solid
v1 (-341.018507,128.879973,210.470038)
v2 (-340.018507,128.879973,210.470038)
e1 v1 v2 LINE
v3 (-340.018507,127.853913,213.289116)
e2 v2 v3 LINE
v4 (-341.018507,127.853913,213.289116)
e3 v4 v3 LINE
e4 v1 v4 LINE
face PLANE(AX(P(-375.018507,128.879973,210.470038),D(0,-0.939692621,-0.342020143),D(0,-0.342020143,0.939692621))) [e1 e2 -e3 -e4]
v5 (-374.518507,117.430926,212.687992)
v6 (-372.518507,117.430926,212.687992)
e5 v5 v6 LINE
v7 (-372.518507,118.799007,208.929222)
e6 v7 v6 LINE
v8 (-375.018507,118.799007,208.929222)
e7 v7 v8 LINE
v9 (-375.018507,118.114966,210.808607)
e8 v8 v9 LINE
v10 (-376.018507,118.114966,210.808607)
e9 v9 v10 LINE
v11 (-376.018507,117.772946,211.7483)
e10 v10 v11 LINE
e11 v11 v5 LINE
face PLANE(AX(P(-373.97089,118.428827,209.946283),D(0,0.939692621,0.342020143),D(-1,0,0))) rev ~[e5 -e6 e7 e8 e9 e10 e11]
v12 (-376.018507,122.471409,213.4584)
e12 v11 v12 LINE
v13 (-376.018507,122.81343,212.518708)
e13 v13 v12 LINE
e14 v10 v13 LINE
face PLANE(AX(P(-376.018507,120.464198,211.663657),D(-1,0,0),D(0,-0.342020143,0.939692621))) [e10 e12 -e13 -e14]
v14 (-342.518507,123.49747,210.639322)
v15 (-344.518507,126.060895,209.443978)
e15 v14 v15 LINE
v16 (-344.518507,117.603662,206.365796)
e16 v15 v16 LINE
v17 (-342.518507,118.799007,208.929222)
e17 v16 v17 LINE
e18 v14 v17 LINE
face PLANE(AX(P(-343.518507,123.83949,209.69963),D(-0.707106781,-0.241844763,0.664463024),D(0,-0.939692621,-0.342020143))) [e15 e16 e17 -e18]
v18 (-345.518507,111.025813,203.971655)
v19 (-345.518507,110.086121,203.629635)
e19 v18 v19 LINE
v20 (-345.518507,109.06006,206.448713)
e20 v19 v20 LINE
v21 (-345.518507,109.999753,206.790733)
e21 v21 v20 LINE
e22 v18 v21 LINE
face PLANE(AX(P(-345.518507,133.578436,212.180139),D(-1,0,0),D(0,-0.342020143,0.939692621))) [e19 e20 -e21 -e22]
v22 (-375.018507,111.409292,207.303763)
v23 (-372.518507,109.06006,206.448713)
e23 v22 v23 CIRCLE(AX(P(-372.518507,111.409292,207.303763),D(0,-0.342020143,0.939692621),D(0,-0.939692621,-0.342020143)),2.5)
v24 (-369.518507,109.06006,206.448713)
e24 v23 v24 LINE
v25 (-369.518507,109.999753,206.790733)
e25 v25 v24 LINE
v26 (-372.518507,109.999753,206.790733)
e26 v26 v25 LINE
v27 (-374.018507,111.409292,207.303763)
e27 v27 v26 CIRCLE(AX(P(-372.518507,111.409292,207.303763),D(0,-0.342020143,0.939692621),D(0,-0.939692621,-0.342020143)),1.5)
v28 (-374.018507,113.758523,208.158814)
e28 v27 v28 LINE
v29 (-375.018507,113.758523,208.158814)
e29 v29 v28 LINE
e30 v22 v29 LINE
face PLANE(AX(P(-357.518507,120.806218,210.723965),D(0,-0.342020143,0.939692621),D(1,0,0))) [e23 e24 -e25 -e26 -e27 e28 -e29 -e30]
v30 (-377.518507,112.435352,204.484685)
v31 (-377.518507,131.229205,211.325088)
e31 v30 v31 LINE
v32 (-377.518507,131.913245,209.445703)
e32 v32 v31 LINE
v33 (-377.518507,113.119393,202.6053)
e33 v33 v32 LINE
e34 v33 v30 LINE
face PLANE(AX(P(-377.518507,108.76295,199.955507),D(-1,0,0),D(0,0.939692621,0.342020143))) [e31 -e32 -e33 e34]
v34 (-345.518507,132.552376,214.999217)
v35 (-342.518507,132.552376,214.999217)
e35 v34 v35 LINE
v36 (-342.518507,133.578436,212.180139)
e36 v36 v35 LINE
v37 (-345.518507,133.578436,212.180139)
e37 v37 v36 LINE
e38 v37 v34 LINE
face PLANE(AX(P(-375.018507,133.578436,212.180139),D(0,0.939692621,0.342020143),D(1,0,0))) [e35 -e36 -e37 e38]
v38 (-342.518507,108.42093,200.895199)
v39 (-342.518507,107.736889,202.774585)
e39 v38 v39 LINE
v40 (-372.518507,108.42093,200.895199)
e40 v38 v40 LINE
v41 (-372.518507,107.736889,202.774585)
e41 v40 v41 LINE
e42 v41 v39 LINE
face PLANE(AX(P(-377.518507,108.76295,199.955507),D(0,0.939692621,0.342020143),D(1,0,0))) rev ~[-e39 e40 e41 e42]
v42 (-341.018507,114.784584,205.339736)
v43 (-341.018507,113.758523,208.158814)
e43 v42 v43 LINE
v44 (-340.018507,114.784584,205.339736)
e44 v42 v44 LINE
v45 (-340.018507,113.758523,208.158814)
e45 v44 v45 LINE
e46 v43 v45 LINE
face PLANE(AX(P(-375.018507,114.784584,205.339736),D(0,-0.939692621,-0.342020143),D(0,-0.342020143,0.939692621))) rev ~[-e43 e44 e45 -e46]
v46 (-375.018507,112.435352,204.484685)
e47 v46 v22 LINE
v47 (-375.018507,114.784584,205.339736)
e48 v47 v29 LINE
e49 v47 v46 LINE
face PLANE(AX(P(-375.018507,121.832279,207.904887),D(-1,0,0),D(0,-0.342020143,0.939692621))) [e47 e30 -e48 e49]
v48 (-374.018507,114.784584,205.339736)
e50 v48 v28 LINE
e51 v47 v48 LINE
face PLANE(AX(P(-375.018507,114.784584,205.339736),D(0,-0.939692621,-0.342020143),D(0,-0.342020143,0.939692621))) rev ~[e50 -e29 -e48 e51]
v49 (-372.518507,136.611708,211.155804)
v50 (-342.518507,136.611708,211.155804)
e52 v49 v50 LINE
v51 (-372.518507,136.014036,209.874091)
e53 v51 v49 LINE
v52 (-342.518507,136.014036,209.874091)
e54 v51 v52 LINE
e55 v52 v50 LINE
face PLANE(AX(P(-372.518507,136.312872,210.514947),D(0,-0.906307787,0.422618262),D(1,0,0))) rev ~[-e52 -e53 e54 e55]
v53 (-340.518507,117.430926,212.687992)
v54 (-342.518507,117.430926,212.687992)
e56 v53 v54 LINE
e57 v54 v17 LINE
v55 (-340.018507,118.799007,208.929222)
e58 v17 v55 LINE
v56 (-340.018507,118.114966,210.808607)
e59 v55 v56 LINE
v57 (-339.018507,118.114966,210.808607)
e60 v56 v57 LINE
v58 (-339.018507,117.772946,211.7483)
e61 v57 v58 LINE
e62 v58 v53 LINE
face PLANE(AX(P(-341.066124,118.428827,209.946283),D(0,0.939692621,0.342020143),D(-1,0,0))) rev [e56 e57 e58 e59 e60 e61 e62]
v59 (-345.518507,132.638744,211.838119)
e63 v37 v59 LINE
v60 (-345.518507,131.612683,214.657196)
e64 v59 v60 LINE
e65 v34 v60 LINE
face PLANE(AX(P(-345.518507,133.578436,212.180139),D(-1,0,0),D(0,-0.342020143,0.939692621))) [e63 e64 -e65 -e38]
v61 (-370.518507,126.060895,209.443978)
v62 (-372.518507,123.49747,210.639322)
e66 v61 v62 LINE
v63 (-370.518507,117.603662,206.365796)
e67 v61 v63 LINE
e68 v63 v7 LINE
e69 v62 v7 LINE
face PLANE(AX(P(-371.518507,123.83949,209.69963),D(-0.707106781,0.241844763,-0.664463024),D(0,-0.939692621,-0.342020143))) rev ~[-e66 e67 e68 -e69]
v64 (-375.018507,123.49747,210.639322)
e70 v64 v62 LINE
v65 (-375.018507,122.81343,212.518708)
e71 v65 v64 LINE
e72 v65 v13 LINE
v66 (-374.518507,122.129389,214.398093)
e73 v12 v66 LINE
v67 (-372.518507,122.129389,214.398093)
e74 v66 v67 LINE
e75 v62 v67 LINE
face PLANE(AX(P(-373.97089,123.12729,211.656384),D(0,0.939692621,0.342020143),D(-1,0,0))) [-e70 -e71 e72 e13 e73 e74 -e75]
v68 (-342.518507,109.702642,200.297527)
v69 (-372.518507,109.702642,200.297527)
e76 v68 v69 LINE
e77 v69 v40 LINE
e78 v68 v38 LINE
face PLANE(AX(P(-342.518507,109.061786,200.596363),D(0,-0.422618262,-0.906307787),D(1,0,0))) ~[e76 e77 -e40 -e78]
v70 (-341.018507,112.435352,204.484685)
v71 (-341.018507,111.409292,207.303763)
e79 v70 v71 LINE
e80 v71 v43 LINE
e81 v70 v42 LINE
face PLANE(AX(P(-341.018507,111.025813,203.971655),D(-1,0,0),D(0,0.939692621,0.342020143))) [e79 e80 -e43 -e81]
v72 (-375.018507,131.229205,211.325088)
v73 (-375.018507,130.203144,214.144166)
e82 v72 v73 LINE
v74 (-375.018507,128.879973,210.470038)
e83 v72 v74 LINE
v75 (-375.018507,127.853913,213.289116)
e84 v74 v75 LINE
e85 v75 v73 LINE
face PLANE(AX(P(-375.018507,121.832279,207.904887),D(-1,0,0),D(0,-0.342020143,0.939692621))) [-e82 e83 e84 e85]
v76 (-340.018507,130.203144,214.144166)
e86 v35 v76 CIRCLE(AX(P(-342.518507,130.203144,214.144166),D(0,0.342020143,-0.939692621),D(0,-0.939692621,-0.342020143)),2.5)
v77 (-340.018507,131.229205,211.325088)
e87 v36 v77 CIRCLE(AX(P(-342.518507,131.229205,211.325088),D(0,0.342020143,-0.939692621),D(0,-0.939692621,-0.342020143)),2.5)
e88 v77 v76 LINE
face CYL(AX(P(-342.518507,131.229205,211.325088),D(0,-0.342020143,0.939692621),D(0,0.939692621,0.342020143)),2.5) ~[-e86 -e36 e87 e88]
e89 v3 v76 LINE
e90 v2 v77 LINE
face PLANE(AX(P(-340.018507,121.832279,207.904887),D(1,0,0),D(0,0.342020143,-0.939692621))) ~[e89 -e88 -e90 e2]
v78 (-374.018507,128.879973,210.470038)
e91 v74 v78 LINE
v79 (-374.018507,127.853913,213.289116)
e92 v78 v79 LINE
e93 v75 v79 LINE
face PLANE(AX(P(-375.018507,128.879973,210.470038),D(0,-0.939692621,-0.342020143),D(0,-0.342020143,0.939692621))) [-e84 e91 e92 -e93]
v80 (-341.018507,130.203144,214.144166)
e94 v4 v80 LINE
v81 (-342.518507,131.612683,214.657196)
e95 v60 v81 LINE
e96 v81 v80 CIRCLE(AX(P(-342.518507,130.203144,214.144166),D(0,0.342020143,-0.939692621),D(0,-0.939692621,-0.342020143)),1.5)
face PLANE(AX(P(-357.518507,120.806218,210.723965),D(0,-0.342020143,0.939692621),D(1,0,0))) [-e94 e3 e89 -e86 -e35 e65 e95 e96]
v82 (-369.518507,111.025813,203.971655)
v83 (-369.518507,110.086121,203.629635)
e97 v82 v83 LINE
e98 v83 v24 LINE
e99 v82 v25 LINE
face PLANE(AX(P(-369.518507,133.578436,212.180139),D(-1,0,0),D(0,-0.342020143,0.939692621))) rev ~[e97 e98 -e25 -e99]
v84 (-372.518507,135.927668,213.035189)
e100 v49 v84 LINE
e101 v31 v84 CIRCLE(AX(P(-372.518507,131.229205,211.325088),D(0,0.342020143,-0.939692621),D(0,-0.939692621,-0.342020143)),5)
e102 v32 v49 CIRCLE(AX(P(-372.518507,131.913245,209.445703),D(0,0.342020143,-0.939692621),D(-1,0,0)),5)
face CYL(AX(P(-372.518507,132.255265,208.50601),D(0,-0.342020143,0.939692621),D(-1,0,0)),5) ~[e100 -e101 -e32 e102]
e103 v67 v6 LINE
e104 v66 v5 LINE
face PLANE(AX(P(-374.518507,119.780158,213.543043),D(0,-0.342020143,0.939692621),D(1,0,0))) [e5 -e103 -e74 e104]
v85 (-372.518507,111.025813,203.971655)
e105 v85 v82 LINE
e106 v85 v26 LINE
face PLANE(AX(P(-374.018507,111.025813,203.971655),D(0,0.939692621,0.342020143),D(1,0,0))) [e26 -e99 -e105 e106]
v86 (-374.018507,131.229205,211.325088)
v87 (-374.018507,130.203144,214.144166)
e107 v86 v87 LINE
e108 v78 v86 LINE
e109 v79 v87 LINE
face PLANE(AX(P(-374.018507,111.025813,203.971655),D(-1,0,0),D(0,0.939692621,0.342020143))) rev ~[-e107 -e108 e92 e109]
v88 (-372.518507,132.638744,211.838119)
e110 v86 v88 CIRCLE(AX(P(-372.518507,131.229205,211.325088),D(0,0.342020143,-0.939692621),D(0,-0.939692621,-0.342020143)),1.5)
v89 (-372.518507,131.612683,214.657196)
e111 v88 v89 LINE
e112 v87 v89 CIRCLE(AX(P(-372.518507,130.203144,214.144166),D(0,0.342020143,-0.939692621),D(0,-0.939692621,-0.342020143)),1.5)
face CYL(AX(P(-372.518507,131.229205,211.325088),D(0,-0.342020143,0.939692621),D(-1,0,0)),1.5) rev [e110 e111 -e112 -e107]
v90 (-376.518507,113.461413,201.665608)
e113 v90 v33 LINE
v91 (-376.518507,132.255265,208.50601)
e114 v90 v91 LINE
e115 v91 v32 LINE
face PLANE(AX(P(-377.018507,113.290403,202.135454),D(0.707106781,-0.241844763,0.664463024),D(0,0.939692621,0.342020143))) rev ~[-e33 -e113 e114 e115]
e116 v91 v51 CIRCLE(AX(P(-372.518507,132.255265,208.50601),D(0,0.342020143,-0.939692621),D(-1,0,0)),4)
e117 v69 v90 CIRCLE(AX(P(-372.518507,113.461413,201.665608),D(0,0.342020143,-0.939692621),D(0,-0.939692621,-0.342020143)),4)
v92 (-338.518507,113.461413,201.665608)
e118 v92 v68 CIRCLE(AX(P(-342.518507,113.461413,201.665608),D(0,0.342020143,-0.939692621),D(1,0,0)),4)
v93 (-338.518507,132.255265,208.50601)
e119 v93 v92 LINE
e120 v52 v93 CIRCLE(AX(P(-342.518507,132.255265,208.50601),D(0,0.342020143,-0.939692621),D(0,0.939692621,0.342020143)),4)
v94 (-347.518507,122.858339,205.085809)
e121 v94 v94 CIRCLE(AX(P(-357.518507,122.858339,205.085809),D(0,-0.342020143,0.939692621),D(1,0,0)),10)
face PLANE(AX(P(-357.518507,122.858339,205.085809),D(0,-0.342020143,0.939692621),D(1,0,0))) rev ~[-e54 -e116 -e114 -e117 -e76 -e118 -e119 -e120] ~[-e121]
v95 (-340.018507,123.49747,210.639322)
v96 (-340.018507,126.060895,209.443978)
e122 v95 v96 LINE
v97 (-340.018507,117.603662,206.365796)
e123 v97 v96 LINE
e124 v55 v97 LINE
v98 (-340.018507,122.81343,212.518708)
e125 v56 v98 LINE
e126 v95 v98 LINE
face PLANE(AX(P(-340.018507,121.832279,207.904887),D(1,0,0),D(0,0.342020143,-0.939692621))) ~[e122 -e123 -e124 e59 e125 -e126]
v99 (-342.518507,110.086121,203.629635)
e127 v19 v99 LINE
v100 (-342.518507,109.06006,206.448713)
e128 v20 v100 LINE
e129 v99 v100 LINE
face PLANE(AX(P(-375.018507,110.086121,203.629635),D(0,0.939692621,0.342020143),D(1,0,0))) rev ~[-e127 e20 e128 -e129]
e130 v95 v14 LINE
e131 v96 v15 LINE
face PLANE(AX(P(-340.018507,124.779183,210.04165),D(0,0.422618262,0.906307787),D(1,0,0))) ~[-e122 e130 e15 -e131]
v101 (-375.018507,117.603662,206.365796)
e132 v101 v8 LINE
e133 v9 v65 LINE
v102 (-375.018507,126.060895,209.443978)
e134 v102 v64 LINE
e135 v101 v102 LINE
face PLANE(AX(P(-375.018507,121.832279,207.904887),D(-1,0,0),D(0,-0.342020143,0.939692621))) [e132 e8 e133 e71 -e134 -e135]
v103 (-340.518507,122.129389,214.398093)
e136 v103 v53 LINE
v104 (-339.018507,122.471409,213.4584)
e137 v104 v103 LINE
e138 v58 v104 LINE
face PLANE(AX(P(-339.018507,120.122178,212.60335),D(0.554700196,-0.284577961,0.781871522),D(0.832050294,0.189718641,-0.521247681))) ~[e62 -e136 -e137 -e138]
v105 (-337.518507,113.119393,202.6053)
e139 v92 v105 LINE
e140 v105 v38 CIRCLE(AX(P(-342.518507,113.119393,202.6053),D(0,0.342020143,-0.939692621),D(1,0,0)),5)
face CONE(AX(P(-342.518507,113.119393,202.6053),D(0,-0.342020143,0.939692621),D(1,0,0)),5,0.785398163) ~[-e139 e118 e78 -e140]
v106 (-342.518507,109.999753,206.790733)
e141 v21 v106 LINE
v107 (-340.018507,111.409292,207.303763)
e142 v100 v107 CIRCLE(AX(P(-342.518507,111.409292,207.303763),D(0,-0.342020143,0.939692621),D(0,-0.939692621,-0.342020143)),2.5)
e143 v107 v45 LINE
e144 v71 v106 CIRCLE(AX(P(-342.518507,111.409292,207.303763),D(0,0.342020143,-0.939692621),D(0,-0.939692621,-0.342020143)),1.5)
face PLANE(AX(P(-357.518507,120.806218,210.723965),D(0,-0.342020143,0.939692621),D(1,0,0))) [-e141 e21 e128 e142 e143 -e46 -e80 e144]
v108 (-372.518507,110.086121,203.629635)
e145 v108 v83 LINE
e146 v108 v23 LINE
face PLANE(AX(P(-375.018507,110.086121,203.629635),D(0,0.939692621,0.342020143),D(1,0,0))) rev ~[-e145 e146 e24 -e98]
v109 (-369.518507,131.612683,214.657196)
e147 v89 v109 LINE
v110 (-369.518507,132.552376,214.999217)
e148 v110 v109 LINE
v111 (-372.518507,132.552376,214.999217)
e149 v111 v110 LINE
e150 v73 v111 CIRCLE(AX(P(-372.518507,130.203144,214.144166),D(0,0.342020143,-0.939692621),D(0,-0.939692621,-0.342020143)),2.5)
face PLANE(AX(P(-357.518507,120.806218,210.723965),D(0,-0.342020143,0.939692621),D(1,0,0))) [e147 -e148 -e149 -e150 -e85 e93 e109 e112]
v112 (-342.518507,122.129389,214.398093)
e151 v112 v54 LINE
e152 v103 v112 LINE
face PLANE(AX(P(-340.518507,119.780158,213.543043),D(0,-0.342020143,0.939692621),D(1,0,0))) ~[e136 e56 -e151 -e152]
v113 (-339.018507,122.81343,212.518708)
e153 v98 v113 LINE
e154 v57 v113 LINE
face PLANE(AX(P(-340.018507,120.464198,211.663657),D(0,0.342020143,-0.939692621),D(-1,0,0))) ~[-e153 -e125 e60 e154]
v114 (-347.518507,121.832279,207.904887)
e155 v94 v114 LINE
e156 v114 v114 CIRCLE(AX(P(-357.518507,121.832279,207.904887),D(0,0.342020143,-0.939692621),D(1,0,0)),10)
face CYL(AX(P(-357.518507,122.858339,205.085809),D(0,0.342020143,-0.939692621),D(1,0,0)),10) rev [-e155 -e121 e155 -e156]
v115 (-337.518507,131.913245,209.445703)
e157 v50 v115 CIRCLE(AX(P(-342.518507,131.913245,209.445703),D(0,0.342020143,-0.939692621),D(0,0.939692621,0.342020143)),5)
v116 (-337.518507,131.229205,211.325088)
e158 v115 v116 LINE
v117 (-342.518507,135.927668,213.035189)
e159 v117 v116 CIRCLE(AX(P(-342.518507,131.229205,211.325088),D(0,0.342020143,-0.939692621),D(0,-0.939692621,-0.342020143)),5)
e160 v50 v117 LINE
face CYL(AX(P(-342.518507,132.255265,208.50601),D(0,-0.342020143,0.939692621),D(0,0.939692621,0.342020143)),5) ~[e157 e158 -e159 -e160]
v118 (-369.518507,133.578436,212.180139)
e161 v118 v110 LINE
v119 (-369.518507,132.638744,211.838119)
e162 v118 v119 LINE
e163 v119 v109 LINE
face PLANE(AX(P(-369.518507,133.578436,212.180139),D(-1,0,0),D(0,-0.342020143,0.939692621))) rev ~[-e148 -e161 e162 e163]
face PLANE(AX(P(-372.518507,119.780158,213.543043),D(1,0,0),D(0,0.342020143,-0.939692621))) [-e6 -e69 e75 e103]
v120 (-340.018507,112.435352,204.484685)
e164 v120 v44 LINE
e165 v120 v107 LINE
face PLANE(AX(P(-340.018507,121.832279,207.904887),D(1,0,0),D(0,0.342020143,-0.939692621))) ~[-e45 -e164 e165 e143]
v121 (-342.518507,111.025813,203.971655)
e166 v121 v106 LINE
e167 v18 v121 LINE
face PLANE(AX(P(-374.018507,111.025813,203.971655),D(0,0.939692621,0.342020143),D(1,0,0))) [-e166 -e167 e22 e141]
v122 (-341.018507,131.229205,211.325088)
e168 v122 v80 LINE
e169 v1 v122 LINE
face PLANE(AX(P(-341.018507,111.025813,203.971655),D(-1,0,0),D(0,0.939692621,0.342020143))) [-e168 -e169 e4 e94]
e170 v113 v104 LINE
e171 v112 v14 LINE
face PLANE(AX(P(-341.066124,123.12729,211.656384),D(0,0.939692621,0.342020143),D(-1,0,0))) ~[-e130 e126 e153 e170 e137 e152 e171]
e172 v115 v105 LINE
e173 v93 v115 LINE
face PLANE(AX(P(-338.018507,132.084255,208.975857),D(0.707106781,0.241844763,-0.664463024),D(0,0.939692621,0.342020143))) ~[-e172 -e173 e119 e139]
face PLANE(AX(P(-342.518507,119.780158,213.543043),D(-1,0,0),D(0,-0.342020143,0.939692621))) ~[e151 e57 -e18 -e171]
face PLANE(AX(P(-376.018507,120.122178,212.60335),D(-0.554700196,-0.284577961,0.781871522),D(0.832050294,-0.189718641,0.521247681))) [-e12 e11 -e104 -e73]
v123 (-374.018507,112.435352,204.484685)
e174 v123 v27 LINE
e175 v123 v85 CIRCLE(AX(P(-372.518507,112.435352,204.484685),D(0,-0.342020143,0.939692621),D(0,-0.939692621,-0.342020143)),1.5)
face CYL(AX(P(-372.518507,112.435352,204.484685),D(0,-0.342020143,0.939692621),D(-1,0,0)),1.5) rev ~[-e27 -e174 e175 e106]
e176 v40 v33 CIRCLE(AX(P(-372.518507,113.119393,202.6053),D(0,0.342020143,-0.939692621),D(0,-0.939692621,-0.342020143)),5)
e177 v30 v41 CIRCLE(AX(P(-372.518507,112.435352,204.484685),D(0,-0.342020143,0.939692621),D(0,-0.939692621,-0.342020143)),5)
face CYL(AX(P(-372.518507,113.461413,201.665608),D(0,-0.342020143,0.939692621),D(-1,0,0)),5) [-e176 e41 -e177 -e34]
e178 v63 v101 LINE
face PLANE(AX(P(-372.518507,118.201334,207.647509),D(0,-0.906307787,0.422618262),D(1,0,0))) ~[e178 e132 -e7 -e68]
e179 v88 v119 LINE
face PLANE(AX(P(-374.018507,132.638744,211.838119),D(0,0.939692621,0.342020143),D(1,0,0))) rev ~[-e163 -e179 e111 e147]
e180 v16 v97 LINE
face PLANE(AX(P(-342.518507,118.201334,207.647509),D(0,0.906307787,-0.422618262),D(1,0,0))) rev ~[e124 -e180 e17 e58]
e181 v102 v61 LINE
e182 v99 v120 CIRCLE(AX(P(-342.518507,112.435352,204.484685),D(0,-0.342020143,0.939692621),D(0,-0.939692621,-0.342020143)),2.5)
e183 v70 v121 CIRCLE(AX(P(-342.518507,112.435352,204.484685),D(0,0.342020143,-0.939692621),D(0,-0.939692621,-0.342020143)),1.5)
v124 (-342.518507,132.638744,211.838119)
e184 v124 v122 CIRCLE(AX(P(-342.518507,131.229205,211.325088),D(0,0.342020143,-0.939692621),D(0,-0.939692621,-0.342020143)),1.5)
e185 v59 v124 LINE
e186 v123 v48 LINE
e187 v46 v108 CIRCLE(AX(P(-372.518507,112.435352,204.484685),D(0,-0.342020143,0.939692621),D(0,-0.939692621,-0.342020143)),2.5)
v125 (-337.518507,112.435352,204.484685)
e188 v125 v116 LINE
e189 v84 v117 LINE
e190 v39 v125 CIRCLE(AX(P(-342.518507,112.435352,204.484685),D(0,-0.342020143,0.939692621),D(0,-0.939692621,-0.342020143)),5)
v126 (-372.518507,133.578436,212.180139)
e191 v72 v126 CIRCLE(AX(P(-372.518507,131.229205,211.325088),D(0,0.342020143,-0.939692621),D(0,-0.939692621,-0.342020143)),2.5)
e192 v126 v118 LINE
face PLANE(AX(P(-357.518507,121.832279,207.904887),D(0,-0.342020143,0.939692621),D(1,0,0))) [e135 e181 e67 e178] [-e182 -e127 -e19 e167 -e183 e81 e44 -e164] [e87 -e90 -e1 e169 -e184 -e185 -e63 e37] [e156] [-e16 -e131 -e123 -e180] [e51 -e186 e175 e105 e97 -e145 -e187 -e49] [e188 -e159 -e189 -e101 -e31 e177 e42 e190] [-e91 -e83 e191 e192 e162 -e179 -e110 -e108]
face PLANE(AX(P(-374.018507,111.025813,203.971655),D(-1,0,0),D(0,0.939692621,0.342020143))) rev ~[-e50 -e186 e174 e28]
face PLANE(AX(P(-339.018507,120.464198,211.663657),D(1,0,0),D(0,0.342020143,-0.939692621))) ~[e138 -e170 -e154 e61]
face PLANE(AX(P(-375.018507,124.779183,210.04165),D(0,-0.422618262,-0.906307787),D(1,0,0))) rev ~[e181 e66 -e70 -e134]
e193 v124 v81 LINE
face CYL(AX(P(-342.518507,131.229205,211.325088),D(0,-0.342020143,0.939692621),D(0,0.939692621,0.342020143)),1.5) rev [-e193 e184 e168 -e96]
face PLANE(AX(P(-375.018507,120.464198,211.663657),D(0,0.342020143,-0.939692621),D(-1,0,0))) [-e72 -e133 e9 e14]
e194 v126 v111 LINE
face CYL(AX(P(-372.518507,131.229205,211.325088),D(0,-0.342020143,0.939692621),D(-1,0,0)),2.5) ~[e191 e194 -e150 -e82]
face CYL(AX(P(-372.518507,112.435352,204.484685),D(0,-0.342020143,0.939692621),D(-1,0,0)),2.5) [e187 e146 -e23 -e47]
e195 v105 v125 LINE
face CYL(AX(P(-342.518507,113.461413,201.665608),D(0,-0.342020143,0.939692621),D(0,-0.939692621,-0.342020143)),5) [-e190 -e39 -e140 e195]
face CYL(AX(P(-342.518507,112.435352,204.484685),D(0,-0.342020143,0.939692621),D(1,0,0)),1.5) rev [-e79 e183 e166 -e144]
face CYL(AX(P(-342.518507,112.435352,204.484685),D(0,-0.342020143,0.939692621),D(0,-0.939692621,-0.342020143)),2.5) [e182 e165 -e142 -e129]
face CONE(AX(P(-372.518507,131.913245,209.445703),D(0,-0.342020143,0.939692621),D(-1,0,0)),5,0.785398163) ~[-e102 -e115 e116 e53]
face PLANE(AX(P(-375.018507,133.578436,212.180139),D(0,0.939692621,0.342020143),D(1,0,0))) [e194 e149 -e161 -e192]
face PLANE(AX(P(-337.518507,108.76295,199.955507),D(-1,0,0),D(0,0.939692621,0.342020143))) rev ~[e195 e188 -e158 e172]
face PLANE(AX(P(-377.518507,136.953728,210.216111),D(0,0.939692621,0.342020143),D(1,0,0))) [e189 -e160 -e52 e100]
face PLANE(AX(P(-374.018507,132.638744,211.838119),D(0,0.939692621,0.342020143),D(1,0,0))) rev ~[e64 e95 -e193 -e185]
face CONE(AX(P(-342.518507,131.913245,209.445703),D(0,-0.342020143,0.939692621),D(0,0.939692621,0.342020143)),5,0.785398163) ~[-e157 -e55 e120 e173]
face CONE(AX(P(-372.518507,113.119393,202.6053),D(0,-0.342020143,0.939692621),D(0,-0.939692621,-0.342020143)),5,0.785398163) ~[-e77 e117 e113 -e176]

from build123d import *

# Parameters (mm, degrees)
SKETCH117_W             = 40
SKETCH117_H             = 30
SKETCH117_R             = 10
PAD021_DEPTH            = 3
SKETCH118_W             = 35
SKETCH118_H             = 25
SKETCH118_W_2           = 33
SKETCH118_H_2           = 23
PAD022_DEPTH            = 3
FILLET013_R             = 5
FILLET014_R             = 1.5
FILLET016_R             = 2.5
PAD023_DEPTH            = 2.5
SKETCH121_W             = 5
SKETCH121_H             = 3
POCKET043_DEPTH         = 37.501
CHAMFER002_SIZE         = 2
SKETCH122_W             = 24
SKETCH122_H             = 3
POCKET044_DEPTH         = 27.501
CHAMFER003_SIZE         = 1
BODY010_PLACEMENT_ANGLE = 20


with BuildPart() as part:
    # Sketch117 → Pad021 (new body)
    with BuildSketch(Plane.XY):
        Rectangle(SKETCH117_W, SKETCH117_H)
        Circle(SKETCH117_R, mode=Mode.SUBTRACT)
    extrude(amount=PAD021_DEPTH)

    # Sketch118 (on Face7 of Pad021) → Pad022 (join)
    with BuildSketch(Plane.XY.offset(3)):
        Rectangle(SKETCH118_W, SKETCH118_H)
        Rectangle(SKETCH118_W_2, SKETCH118_H_2, mode=Mode.SUBTRACT)
    extrude(amount=PAD022_DEPTH)

    # Fillet013
    fillet013_edges = [part.edges().sort_by_distance(p)[0] for p in [
        (20, -15, 1.5),
        (20, 15, 1.5),
        (-20, 15, 1.5),
        (-20, -15, 1.5),
    ]]
    fillet(fillet013_edges, radius=FILLET013_R)

    # Fillet014
    fillet014_edges = [part.edges().sort_by_distance(p)[0] for p in [
        (16.5, 11.5, 4.5),
        (16.5, -11.5, 4.5),
        (-16.5, -11.5, 4.5),
        (-16.5, 11.5, 4.5),
    ]]
    fillet(fillet014_edges, radius=FILLET014_R)

    # Fillet016
    fillet016_edges = [part.edges().sort_by_distance(p)[0] for p in [
        (-17.5, -12.5, 4.5),
        (-17.5, 12.5, 4.5),
        (17.5, 12.5, 4.5),
        (17.5, -12.5, 4.5),
    ]]
    fillet(fillet016_edges, radius=FILLET016_R)

    # Sketch119 (on Face14 of Fillet014) → Pad023 (join, symmetric)
    with BuildSketch(Plane(origin=(0, 0, 0), x_dir=(-1, 0, 0), z_dir=(0, 1, 0))):
        Polygon((15, 3), (17.5, 3), (17.5, 7), (18.5, 7), (18.5, 8), (17, 9), (15, 9), align=None)
    pad023 = extrude(amount=PAD023_DEPTH, both=True)

    # Mirrored003: Pad023 across Sketch119 V_Axis
    add(pad023.mirror(Plane(origin=(0, 0, 0), x_dir=(0, 1, 0), z_dir=(-1, 0, 0))))

    # Sketch121 (on Face5 of Mirrored003) → Pocket043 (cut, through all)
    with BuildSketch(Plane(origin=(-17.5, 0, 0), x_dir=(0, -1, 0), z_dir=(-1, 0, 0))):
        with Locations((-5, 4.5)):
            Rectangle(SKETCH121_W, SKETCH121_H)
        with Locations((5, 4.5)):
            Rectangle(SKETCH121_W, SKETCH121_H)
    extrude(amount=-POCKET043_DEPTH, mode=Mode.SUBTRACT)

    # Chamfer002
    chamfer002_edges = [part.edges().sort_by_distance(p)[0] for p in [
        (-16.25, -2.5, 3),
        (-15, 0, 3),
        (-16.25, 2.5, 3),
        (16.25, 2.5, 3),
        (15, 0, 3),
        (16.25, -2.5, 3),
    ]]
    chamfer(chamfer002_edges, length=CHAMFER002_SIZE)

    # Sketch122 (on Face36 of Chamfer002) → Pocket044 (cut, through all)
    with BuildSketch(Plane(origin=(0, 12.5, 0), x_dir=(-1, 0, 0), z_dir=(0, 1, 0))):
        with Locations((0, 4.5)):
            Rectangle(SKETCH122_W, SKETCH122_H)
    extrude(amount=-POCKET044_DEPTH, mode=Mode.SUBTRACT)

    # Chamfer003
    chamfer003_edges = [part.edges().sort_by_distance(p)[0] for p in [
        (0, 15, 0),
    ]]
    chamfer(chamfer003_edges, length=CHAMFER003_SIZE)


with BuildPart() as part_1:
    # Body010 placement: moved
    add(part.part.moved(Location((-357.518507, 122.858339, 205.085809))).rotate(Axis((-357.518507, 122.858339, 205.085809), (1, 0, 0)), BODY010_PLACEMENT_ANGLE))


solid = part_1.part
